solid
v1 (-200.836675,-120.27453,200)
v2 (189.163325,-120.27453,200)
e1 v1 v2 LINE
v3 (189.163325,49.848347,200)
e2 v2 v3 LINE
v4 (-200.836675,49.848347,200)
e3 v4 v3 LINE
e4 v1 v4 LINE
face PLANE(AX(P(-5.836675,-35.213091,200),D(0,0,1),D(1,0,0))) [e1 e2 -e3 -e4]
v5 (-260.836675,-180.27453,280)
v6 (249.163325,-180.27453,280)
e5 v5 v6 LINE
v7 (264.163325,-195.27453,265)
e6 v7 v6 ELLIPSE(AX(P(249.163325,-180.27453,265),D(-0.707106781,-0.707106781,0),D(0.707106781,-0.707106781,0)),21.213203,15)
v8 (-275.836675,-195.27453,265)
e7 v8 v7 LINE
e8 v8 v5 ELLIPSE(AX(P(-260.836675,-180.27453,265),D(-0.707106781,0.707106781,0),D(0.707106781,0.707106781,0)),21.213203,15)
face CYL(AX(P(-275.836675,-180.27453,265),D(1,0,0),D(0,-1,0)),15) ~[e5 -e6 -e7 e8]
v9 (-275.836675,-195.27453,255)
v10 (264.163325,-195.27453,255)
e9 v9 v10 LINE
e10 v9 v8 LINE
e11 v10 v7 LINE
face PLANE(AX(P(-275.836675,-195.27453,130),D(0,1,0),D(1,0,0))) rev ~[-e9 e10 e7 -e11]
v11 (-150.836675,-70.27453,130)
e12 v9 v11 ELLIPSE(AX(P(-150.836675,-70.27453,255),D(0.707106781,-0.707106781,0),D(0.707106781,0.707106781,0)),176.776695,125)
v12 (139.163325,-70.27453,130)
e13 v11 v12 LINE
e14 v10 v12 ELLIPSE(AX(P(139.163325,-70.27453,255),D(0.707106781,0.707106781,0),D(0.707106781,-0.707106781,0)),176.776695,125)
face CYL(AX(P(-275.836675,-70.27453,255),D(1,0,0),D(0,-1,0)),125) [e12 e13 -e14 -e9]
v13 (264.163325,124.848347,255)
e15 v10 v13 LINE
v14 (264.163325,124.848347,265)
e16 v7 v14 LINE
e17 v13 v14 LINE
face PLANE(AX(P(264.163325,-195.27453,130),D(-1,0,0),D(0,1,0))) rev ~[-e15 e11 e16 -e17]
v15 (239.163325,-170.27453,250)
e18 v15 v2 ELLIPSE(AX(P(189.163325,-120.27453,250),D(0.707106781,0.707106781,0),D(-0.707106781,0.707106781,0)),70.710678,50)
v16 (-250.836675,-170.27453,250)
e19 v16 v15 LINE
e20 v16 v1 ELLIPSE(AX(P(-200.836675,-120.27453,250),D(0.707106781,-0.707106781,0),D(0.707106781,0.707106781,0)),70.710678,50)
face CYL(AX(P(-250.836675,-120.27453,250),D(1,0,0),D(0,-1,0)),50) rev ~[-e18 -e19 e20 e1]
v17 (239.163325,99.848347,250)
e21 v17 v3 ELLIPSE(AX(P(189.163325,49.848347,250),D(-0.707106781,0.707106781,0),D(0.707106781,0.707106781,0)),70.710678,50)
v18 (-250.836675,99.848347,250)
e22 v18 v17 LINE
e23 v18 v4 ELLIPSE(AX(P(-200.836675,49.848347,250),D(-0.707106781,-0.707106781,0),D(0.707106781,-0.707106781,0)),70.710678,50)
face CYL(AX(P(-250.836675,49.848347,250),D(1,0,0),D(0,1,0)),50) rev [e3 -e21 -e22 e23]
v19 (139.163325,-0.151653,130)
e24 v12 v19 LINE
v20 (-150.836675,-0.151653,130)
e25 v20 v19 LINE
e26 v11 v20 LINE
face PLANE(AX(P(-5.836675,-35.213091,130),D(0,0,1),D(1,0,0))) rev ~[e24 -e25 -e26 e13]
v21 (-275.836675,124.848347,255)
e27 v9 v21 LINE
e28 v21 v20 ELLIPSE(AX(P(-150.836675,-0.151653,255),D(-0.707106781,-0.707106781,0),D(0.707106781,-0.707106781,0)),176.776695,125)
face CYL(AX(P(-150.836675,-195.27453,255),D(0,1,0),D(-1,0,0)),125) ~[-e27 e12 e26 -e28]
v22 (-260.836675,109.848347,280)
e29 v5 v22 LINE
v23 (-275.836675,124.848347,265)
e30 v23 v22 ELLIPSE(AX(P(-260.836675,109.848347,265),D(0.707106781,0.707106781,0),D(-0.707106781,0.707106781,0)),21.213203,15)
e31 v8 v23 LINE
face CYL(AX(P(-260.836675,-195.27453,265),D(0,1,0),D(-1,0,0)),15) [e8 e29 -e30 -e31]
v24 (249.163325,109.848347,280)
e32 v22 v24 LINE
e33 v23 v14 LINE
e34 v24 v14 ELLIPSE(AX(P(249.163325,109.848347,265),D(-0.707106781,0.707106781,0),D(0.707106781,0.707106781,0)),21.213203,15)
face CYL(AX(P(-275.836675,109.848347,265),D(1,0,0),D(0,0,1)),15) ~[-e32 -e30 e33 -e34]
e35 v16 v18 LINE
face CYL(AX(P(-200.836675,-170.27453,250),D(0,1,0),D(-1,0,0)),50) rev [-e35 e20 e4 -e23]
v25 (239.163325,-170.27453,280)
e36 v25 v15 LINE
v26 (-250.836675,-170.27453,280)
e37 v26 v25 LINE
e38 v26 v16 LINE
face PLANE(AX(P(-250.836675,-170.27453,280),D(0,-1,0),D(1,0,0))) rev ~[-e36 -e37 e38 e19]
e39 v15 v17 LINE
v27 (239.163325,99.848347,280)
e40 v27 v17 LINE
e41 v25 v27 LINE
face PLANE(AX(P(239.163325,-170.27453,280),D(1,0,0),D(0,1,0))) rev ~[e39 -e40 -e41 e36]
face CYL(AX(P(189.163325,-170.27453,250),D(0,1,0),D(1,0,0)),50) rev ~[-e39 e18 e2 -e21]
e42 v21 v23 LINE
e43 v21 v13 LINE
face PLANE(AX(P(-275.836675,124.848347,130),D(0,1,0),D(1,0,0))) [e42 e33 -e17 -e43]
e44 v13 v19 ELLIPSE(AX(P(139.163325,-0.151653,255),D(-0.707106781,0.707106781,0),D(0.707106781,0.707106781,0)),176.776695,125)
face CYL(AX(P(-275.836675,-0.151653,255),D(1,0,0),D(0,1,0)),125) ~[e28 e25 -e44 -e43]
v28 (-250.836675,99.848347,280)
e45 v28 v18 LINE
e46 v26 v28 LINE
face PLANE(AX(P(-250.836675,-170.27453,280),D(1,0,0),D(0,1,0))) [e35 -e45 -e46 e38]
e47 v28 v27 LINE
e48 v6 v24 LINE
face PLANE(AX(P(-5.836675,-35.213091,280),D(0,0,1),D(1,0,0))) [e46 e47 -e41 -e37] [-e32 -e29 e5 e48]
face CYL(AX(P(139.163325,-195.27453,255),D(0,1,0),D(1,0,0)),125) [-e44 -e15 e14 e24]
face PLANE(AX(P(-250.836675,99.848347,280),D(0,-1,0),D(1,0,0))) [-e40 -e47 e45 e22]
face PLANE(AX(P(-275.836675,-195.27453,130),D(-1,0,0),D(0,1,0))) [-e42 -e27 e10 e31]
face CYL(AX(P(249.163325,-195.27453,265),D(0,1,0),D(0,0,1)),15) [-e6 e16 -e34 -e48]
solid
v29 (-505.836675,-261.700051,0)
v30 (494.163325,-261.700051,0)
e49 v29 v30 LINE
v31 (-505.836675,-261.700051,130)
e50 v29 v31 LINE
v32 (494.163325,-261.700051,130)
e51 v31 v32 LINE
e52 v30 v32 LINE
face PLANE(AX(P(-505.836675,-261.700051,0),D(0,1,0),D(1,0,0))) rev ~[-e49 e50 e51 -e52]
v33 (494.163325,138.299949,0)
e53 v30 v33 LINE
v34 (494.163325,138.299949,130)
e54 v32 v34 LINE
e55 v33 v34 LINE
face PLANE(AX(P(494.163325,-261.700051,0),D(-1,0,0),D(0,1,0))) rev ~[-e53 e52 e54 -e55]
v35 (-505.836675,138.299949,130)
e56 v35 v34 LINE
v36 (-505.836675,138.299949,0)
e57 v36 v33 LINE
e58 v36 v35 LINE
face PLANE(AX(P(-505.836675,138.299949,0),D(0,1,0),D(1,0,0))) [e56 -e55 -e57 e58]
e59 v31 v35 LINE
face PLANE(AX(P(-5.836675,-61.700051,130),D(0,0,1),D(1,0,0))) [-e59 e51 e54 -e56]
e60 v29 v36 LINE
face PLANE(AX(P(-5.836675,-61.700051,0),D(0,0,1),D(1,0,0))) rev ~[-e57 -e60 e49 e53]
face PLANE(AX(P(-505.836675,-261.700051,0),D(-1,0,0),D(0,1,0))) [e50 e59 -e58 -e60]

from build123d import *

# Parameters (mm, degrees)
F0_W     = 1000
F0_H     = 400
F1_DEPTH = 130
F3_W     = 540
F3_H     = 320.122876247
F4_DEPTH = 150
F5_R     = 125
F6_R     = 15
F7_W     = 490
F7_H     = 270.122876247
F8_DEPTH = 80
F9_R     = 50


with BuildPart() as f1:
    # F0 (on Top) → F1 (new body)
    with BuildSketch(Plane.XY):
        with Locations((-5.8366749436, -61.7000508067)):
            Rectangle(F0_W, F0_H)
    extrude(amount=F1_DEPTH)


with BuildPart() as f4:
    # F3 (on offset) → F4 (new body)
    with BuildSketch(Plane.XY.offset(130)):
        with Locations((-5.8366749436, -35.2130914107)):
            Rectangle(F3_W, F3_H)
    extrude(amount=F4_DEPTH)

    # F5
    f5_edges = [f4.edges().sort_by_distance(p)[0] for p in [
        (-5.836675, -195.27453, 130),
        (264.163325, -35.213091, 130),
        (-5.836675, 124.848347, 130),
        (-275.836675, -35.213091, 130),
    ]]
    fillet(f5_edges, radius=F5_R)

    # F6
    f6_edges = [f4.edges().sort_by_distance(p)[0] for p in [
        (-5.836675, -195.27453, 280),
        (-275.836675, -35.213091, 280),
        (-5.836675, 124.848347, 280),
        (264.163325, -35.213091, 280),
    ]]
    fillet(f6_edges, radius=F6_R)

    # F7 (on face) → F8 (cut)
    with BuildSketch(Plane.XY.offset(280)):
        with Locations((-5.8366749436, -35.2130914107)):
            Rectangle(F7_W, F7_H)
    extrude(amount=-F8_DEPTH, mode=Mode.SUBTRACT)

    # F9
    f9_edges = [f4.edges().sort_by_distance(p)[0] for p in [
        (-5.836675, 99.848347, 200),
        (-250.836675, -35.213091, 200),
        (239.163325, -35.213091, 200),
        (-5.836675, -170.27453, 200),
    ]]
    fillet(f9_edges, radius=F9_R)


solid = Compound([f1.part, f4.part])
